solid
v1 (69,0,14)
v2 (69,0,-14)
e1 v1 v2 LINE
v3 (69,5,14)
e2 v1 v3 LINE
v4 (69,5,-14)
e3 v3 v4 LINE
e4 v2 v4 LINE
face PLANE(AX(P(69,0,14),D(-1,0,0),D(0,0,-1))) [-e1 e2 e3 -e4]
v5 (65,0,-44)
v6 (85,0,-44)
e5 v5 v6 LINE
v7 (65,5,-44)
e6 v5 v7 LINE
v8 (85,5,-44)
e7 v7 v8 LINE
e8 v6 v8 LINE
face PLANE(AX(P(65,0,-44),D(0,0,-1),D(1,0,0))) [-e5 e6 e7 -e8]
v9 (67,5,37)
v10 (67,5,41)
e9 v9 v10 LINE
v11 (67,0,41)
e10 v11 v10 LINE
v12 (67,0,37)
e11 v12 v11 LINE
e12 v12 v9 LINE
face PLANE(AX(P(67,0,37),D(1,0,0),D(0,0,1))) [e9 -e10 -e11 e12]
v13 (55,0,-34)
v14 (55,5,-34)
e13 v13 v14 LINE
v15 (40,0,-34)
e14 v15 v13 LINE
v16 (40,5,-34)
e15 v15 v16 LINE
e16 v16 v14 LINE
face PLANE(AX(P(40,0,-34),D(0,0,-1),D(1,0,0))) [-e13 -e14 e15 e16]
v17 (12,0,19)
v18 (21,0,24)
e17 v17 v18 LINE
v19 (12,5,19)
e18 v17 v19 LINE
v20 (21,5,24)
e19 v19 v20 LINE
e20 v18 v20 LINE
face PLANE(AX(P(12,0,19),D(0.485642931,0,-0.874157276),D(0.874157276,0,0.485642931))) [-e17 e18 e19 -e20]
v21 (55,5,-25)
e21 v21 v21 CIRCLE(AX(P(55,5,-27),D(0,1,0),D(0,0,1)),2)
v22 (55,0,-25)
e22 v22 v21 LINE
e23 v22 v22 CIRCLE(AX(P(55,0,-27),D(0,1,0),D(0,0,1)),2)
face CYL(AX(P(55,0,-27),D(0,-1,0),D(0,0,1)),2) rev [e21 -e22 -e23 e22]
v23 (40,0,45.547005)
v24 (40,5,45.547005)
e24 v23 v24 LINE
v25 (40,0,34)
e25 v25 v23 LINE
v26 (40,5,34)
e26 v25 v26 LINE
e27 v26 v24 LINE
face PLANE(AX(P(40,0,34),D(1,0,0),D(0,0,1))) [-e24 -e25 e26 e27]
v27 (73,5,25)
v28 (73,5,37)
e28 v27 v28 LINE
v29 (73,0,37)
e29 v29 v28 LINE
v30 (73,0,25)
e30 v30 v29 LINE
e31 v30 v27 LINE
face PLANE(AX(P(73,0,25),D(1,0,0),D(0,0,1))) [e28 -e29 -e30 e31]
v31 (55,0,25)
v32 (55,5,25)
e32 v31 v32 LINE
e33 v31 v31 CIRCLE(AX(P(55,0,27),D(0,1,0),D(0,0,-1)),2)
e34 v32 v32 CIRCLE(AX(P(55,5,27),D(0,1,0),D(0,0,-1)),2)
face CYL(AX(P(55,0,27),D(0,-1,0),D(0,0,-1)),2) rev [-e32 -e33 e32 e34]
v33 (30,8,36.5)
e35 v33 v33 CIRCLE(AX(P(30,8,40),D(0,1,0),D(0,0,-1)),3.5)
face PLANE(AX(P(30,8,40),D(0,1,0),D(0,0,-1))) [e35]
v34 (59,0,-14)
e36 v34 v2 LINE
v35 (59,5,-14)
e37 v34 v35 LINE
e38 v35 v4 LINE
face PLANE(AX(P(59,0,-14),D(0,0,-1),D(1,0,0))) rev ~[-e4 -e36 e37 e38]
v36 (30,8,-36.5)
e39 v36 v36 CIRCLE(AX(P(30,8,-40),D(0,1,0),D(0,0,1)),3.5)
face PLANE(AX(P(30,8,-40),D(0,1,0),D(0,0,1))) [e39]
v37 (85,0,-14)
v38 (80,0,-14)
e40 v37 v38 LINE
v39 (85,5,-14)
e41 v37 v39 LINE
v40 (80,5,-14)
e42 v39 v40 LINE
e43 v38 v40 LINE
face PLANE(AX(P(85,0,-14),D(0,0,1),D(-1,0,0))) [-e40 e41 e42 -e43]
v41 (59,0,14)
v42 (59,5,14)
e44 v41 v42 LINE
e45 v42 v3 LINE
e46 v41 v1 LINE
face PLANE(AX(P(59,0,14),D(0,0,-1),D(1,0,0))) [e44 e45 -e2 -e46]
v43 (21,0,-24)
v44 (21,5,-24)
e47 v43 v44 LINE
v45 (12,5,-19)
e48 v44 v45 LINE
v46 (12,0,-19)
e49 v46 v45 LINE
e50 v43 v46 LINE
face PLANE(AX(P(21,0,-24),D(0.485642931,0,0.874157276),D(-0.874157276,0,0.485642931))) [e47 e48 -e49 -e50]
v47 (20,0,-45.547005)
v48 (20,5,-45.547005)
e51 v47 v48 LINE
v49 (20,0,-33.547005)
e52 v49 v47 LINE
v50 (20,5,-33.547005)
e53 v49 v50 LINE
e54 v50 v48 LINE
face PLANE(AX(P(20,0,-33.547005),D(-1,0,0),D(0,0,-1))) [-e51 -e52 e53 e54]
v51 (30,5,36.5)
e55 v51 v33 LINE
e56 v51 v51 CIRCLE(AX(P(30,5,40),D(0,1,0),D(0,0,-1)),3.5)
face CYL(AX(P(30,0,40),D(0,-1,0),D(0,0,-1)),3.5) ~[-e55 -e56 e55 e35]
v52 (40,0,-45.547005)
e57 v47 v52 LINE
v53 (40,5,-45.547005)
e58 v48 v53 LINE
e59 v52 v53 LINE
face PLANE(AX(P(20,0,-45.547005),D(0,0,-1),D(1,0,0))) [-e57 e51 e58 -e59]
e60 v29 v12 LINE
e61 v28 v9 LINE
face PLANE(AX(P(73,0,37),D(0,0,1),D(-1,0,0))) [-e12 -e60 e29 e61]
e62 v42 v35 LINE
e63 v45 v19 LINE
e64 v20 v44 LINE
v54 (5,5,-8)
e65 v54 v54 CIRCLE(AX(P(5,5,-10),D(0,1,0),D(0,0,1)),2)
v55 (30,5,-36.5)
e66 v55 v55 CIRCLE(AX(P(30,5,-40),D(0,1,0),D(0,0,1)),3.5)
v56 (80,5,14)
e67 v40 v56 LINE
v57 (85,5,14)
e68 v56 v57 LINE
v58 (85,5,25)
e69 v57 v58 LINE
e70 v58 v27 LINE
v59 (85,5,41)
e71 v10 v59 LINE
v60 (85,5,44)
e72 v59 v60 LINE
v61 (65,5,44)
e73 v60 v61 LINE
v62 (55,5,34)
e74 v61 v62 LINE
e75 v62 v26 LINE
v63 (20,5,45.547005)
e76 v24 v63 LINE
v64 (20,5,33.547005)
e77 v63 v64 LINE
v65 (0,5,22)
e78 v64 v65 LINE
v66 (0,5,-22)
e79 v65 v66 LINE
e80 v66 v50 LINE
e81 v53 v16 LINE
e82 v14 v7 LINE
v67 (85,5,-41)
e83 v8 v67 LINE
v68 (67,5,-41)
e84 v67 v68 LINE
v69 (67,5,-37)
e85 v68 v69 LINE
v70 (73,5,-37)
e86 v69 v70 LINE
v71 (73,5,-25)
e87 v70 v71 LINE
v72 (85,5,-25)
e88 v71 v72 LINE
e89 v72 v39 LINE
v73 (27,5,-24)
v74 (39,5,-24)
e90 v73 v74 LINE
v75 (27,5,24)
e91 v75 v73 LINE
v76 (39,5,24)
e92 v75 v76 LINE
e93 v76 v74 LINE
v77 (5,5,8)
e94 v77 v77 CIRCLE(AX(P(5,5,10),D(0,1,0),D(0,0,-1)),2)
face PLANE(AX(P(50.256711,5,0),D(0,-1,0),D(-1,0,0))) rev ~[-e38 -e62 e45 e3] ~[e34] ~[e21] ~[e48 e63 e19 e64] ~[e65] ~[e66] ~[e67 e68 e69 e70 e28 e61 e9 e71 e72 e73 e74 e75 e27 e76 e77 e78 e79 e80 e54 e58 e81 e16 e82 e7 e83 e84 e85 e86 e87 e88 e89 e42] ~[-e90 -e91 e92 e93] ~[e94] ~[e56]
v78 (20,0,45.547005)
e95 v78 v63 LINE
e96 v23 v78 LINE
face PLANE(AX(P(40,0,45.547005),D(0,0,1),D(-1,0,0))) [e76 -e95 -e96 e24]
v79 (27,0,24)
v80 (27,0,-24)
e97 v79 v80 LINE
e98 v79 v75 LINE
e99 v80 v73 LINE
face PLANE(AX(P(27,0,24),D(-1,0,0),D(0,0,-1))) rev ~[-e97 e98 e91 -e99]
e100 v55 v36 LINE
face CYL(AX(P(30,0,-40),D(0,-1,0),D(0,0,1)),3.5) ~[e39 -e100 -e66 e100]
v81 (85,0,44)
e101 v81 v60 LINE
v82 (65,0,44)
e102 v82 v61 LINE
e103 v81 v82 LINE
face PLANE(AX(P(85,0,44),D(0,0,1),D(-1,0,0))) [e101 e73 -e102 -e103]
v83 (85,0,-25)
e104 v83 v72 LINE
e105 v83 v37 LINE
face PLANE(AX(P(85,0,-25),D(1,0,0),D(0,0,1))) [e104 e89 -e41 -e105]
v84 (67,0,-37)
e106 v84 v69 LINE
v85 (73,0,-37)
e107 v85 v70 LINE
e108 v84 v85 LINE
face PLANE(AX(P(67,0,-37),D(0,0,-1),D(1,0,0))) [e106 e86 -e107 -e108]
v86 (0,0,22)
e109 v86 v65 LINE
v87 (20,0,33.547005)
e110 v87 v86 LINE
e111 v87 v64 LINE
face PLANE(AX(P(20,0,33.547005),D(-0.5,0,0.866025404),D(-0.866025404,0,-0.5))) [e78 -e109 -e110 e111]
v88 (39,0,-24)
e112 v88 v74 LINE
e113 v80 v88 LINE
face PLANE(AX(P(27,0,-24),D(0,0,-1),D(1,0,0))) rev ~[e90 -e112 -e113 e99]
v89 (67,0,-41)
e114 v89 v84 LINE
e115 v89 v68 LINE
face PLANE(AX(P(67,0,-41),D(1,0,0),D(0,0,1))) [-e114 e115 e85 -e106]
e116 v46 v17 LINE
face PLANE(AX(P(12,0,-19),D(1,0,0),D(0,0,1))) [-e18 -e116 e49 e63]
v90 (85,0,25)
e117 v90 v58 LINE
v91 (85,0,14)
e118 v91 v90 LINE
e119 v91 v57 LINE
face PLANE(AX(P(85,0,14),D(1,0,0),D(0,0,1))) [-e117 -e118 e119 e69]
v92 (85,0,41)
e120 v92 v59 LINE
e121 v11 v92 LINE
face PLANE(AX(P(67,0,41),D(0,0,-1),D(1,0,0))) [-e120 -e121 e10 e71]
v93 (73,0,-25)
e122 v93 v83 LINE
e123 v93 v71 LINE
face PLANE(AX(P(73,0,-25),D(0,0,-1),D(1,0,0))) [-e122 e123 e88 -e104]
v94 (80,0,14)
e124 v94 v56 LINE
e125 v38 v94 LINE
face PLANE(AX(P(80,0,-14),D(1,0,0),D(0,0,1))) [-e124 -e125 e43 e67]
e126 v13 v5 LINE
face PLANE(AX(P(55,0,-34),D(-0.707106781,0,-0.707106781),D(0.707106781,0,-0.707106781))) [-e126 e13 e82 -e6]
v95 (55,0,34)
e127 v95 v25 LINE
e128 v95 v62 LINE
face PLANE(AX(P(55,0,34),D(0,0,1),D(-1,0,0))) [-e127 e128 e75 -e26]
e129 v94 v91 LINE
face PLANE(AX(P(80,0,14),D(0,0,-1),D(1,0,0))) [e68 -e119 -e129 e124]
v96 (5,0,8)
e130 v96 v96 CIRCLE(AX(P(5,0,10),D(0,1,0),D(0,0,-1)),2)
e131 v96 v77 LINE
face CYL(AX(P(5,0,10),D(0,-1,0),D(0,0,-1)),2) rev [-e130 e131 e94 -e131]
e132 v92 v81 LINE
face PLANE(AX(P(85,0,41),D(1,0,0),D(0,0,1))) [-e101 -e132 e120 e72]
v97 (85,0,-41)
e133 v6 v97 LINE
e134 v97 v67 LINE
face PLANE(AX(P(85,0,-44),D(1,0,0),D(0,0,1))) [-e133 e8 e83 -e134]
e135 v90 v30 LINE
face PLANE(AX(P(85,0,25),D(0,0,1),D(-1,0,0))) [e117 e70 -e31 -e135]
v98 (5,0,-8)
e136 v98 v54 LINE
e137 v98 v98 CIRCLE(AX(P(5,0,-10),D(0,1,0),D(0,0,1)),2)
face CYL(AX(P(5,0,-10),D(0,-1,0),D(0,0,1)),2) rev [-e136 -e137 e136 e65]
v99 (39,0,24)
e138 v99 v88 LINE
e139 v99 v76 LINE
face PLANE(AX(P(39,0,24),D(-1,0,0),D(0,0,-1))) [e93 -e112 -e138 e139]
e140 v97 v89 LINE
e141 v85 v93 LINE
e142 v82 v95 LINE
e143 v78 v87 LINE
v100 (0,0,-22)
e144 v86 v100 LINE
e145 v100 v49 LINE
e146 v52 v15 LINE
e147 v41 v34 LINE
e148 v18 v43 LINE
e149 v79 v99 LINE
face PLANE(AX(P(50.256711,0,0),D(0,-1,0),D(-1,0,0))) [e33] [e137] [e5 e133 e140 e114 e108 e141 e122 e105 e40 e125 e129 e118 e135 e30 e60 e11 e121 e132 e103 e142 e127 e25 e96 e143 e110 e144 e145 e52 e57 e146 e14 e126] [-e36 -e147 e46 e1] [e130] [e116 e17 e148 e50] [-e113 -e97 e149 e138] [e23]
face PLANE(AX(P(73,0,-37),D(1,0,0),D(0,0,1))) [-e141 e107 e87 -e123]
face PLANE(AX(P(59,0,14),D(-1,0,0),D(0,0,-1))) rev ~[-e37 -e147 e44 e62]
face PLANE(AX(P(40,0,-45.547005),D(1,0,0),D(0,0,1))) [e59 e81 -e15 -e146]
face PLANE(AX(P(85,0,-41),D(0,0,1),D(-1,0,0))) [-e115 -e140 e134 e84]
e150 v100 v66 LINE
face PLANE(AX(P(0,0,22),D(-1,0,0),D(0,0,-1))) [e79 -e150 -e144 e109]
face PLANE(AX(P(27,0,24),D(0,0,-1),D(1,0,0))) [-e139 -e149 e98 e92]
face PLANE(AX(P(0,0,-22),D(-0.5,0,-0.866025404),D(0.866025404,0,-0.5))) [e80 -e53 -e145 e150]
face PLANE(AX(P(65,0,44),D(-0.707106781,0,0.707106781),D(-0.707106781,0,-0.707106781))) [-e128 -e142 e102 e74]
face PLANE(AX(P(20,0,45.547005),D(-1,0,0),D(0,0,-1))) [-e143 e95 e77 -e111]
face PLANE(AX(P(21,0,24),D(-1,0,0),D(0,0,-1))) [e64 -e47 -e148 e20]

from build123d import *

# Parameters (mm, degrees)
SKETCH3_R           = 2
SKETCH3_R_2         = 3.5
SKETCH3_W           = 12
SKETCH3_H           = 48
SKETCH3_W_2         = 10
SKETCH3_H_2         = 28
BOSS_EXTRUDE1_DEPTH = 5
SKETCH3_2_R         = 3.5
BOSS_EXTRUDE2_DEPTH = 8


with BuildPart() as part:
    # Sketch3 → Boss-Extrude1 (new body)
    with BuildSketch(Plane(origin=(0, 0, 0), x_dir=(1, 0, 0), z_dir=(0, 1, 0))):
        Polygon((0, -22), (0, 22), (20, 33.547005384), (20, 45.547005384), (40, 45.547005384), (40, 34), (55, 34), (65, 44), (85, 44), (85, 41), (67, 41), (67, 37), (73, 37), (73, 25), (85, 25), (85, 14), (80, 14), (80, -14), (85, -14), (85, -25), (73, -25), (73, -37), (67, -37), (67, -41), (85, -41), (85, -44), (65, -44), (55, -34), (40, -34), (40, -45.547005384), (20, -45.547005384), (20, -33.547005384), align=None)
        with Locations((55, 27)):
            Circle(SKETCH3_R, mode=Mode.SUBTRACT)
        with Locations((30, 40)):
            Circle(SKETCH3_R_2, mode=Mode.SUBTRACT)
        with Locations((5, 10)):
            Circle(SKETCH3_R, mode=Mode.SUBTRACT)
        with Locations((5, -10)):
            Circle(SKETCH3_R, mode=Mode.SUBTRACT)
        with Locations((30, -40)):
            Circle(SKETCH3_R_2, mode=Mode.SUBTRACT)
        with Locations((55, -27)):
            Circle(SKETCH3_R, mode=Mode.SUBTRACT)
        with Locations((33, 0)):
            Rectangle(SKETCH3_W, SKETCH3_H, mode=Mode.SUBTRACT)
        with Locations((64, 0)):
            Rectangle(SKETCH3_W_2, SKETCH3_H_2, mode=Mode.SUBTRACT)
        Polygon((12, 19), (12, -19), (21, -24), (21, 24), align=None, mode=Mode.SUBTRACT)
    extrude(amount=BOSS_EXTRUDE1_DEPTH)

    # Sketch3<2> → Boss-Extrude2 (add)
    with BuildSketch(Plane(origin=(0, 0, 0), x_dir=(1, 0, 0), z_dir=(0, 1, 0))):
        with Locations((30, 40)):
            Circle(SKETCH3_2_R)
        with Locations((30, -40)):
            Circle(SKETCH3_2_R)
    extrude(amount=BOSS_EXTRUDE2_DEPTH)


solid = part.part
